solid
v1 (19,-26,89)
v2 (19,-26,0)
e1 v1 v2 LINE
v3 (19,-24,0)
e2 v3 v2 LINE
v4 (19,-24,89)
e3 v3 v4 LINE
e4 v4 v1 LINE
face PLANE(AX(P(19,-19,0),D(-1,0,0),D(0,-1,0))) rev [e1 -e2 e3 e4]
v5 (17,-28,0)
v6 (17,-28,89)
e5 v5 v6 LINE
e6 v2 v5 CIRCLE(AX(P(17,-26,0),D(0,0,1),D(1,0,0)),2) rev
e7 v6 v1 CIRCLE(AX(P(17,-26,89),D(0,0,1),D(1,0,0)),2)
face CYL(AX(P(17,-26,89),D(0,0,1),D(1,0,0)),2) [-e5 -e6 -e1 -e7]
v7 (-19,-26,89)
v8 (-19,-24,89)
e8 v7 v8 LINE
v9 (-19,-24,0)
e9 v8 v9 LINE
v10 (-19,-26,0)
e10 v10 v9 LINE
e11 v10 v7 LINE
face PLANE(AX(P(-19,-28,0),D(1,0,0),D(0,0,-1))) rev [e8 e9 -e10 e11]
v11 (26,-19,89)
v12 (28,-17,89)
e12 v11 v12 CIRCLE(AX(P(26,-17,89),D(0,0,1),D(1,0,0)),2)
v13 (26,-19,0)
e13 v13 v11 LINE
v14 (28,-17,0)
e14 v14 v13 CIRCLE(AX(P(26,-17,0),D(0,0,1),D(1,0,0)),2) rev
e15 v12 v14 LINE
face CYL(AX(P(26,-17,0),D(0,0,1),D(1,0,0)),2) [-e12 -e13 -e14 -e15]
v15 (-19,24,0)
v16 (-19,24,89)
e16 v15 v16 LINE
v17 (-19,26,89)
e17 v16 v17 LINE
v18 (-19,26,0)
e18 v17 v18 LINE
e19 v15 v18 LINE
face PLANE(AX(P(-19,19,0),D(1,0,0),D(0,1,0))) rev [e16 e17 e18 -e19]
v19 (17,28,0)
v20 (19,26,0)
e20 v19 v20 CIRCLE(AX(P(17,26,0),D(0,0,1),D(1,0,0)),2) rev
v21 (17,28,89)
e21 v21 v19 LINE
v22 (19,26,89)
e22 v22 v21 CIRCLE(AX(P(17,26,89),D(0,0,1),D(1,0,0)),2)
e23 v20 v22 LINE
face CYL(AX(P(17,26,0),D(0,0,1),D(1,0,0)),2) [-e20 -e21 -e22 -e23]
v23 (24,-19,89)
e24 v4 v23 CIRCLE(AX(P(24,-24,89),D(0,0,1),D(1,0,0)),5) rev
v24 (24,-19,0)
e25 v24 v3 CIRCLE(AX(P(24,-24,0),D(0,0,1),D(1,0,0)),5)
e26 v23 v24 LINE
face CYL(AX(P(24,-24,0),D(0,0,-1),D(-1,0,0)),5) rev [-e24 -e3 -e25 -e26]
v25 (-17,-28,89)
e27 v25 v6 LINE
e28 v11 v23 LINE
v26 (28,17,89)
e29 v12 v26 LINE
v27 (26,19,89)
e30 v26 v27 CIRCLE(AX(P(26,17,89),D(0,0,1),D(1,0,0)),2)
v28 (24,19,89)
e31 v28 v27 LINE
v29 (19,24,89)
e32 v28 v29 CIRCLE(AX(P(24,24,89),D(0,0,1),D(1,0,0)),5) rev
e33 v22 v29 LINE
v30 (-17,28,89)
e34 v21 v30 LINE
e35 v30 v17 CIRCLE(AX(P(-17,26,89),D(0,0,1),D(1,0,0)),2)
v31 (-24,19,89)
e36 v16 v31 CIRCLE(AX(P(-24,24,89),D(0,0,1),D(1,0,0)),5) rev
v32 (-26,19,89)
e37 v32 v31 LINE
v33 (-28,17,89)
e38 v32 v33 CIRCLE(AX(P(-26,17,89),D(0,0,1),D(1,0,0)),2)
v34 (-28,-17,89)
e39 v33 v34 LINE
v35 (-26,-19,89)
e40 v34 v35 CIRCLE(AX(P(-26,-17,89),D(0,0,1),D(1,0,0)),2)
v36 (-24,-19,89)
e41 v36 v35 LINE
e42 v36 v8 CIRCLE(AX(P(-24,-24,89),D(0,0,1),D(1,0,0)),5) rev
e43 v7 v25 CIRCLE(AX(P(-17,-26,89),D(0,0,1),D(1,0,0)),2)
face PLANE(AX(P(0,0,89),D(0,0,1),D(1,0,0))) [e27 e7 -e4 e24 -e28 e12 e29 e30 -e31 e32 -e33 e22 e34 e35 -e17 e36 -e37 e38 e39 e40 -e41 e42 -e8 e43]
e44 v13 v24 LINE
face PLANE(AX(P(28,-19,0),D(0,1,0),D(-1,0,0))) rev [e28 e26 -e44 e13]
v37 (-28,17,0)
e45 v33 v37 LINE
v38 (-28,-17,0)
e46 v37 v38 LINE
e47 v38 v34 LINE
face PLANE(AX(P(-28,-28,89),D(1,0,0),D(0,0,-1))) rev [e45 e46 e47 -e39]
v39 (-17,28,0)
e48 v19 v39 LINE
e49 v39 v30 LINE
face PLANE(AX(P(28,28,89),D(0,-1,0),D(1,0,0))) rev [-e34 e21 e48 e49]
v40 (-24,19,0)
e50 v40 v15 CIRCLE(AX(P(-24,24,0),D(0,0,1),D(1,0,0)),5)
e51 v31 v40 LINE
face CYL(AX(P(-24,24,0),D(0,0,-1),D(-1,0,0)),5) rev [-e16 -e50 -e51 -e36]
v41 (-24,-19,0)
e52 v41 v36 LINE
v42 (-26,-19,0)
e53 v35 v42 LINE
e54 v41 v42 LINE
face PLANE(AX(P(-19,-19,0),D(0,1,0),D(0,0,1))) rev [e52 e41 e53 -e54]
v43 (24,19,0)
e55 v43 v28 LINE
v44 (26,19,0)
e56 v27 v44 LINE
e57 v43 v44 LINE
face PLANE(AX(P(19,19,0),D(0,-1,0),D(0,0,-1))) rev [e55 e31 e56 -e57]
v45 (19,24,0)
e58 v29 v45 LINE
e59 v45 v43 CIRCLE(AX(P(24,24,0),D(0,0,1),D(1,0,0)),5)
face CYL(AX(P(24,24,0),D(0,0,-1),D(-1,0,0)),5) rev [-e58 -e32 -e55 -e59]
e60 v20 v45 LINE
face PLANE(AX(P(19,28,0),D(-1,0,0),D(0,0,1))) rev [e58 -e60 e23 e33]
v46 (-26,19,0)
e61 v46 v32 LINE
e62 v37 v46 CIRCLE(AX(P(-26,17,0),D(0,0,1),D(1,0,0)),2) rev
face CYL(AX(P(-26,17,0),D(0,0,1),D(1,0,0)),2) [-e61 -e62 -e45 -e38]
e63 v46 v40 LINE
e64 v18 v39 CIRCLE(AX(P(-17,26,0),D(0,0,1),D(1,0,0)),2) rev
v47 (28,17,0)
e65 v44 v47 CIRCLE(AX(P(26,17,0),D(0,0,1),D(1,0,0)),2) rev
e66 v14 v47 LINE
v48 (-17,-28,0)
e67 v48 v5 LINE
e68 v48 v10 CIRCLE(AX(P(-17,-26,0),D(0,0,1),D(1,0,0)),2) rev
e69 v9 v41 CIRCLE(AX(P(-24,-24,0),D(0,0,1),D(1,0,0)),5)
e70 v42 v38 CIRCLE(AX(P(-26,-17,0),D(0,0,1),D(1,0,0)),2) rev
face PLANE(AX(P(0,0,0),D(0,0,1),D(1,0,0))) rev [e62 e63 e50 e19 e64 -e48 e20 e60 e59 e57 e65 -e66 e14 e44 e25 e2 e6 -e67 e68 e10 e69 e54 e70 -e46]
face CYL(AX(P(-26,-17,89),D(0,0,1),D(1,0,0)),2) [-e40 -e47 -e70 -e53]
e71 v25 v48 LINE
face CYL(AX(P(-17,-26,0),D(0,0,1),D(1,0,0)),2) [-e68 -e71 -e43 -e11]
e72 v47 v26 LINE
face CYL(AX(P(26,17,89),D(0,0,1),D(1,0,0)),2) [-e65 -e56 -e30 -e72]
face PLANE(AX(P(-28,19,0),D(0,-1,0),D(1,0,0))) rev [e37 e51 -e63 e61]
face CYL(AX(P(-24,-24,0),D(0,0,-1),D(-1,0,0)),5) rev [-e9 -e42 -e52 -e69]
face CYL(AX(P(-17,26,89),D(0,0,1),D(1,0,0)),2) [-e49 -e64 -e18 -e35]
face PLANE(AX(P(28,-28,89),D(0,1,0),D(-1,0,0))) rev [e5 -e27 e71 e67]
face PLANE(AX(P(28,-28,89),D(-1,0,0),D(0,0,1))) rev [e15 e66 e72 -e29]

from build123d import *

# Parameters (mm, degrees)
SKETCH1_W           = 56
SKETCH1_H           = 56
BOSS_EXTRUDE1_DEPTH = 89
SKETCH2_W           = 9
SKETCH2_H           = 9
CUT_EXTRUDE1_DEPTH  = 89
CIRPATTERN1_COUNT   = 4
FILLET1_R           = 5
FILLET2_R           = 2


with BuildPart() as part:
    # Sketch1 → Boss-Extrude1 (new body)
    with BuildSketch(Plane.XY):
        Rectangle(SKETCH1_W, SKETCH1_H)
    extrude(amount=BOSS_EXTRUDE1_DEPTH)

    # Sketch2 → Cut-Extrude1 (cut)
    with BuildSketch(Plane.XY.offset(89)):
        with Locations((23.5, 23.5)):
            Rectangle(SKETCH2_W, SKETCH2_H)
    cut_extrude1 = extrude(amount=-CUT_EXTRUDE1_DEPTH, mode=Mode.SUBTRACT)

    # CirPattern1: Cut-Extrude1 ×4 about axis
    cirpattern1_axis = Axis((0, 0, -4.45), (0, 0, 1))
    for i in range(1, CIRPATTERN1_COUNT):
        add(cut_extrude1.rotate(cirpattern1_axis, i * 360 / CIRPATTERN1_COUNT), mode=Mode.SUBTRACT)

    # Fillet1
    fillet1_edges = [part.edges().sort_by_distance(p)[0] for p in [
        (19, 19, 44.5),
        (-19, 19, 44.5),
        (-19, -19, 44.5),
        (19, -19, 44.5),
    ]]
    fillet(fillet1_edges, radius=FILLET1_R)

    # Fillet2
    fillet2_edges = [part.edges().sort_by_distance(p)[0] for p in [
        (19, 28, 44.5),
        (28, 19, 44.5),
        (28, -19, 44.5),
        (19, -28, 44.5),
        (-19, -28, 44.5),
        (-28, -19, 44.5),
        (-28, 19, 44.5),
        (-19, 28, 44.5),
    ]]
    fillet(fillet2_edges, radius=FILLET2_R)


solid = part.part
